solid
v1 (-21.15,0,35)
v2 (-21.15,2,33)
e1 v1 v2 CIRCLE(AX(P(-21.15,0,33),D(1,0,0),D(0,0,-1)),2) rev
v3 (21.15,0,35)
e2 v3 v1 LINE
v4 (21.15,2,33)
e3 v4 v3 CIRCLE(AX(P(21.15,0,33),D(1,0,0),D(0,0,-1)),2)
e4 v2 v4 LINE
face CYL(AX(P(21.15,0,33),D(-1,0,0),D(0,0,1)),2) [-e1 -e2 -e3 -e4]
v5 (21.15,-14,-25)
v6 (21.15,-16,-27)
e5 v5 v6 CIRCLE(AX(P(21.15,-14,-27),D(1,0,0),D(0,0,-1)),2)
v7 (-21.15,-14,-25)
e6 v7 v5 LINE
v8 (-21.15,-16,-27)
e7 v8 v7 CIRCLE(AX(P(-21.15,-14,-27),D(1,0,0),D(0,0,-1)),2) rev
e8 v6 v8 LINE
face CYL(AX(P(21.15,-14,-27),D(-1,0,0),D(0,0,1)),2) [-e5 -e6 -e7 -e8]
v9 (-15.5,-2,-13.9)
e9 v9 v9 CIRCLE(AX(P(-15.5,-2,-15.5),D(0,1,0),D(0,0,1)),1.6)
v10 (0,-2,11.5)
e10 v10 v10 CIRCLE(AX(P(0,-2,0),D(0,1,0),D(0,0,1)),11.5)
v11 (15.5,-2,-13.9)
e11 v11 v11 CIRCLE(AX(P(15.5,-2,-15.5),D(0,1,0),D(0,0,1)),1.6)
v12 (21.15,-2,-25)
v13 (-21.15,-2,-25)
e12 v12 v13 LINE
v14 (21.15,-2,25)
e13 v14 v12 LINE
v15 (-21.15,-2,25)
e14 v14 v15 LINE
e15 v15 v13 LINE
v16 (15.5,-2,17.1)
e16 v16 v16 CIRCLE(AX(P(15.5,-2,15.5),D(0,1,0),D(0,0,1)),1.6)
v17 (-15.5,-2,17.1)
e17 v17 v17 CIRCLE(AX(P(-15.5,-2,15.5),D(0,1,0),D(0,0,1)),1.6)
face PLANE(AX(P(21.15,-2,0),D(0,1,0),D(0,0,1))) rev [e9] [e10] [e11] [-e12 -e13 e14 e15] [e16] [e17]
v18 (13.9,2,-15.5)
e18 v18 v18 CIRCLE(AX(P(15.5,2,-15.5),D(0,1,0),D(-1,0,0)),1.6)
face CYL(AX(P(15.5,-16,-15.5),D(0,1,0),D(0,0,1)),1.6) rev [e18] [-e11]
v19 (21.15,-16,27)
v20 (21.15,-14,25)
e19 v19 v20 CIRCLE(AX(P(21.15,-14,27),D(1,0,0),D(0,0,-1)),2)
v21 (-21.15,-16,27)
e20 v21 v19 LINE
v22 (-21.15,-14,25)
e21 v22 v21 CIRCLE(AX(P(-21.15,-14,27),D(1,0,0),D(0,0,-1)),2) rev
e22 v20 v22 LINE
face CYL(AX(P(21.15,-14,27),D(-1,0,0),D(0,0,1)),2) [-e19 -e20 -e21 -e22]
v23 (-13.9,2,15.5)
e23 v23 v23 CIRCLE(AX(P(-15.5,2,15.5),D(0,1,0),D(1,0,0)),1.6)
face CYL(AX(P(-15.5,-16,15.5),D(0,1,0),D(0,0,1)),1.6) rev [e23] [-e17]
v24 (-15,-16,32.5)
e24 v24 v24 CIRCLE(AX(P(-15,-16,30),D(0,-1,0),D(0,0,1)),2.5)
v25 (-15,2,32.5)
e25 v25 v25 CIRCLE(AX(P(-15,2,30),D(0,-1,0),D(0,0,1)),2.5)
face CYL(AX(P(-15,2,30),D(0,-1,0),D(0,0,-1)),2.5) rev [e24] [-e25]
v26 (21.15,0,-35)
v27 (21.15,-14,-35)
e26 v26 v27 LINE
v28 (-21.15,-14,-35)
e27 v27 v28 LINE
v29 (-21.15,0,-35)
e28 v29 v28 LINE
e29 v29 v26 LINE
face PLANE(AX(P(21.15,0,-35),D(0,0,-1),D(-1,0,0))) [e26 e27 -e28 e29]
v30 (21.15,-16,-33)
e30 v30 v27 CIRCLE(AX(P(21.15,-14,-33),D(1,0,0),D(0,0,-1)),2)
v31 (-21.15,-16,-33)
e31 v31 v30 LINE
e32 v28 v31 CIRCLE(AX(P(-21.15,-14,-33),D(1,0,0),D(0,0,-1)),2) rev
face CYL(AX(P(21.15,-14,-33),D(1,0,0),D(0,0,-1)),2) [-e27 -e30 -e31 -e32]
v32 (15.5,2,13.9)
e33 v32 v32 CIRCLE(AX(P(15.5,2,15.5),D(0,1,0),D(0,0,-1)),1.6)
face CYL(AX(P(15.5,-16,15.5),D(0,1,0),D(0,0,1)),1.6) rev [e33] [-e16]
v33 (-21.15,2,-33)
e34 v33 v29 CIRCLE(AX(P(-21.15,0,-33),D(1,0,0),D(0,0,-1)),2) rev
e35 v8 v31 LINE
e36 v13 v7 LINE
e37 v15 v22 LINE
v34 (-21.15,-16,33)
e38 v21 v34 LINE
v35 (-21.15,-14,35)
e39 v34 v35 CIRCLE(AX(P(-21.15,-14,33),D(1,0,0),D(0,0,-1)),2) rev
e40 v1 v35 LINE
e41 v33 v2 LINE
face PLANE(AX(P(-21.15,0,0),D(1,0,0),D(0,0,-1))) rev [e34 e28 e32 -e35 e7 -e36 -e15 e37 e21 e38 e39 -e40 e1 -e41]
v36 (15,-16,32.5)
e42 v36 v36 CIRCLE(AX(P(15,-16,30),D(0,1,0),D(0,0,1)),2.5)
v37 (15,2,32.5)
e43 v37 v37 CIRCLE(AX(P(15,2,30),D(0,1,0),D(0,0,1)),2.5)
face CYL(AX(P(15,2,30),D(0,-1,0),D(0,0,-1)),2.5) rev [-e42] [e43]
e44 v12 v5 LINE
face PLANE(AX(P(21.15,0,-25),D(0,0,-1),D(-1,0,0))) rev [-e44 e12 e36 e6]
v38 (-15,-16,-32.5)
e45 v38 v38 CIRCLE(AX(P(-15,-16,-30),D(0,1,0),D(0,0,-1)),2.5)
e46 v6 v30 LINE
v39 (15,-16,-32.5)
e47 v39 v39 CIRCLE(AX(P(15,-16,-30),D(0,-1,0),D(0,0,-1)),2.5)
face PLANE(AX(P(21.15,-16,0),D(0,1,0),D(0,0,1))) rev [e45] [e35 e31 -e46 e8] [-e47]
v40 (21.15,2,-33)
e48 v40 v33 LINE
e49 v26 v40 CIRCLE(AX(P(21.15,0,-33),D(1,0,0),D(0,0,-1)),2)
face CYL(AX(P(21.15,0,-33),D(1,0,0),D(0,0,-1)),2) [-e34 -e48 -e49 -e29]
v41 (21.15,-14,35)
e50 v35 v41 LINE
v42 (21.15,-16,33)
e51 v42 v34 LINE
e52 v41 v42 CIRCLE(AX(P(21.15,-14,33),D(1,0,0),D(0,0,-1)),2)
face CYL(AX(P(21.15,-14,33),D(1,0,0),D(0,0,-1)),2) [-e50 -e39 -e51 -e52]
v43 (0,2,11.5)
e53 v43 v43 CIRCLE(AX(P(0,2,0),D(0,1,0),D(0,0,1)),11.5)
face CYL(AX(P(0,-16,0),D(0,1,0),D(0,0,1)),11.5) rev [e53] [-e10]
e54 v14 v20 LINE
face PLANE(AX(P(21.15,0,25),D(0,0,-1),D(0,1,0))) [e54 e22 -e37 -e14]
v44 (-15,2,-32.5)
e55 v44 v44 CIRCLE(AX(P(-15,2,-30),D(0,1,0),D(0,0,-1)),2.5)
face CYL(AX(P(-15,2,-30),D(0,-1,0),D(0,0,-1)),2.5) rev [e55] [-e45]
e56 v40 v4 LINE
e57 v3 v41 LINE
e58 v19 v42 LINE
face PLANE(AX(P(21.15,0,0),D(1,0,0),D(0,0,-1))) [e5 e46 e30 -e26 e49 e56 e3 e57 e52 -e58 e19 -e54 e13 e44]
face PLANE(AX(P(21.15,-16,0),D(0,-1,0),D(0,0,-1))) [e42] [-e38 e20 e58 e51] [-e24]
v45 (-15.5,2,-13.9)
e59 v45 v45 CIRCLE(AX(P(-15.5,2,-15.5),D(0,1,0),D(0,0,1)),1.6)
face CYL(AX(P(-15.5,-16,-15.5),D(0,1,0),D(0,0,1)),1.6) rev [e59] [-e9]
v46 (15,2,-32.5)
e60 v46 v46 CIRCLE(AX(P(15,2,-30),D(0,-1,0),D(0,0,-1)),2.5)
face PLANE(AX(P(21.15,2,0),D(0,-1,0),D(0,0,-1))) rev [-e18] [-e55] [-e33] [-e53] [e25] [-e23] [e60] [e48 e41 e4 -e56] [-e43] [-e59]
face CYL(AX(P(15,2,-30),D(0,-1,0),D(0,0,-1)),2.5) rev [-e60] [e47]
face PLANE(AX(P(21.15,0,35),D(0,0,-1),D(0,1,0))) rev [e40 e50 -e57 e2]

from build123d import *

# Parameters (mm, degrees)
ESBO_O1_W                 = 50
ESBO_O1_H                 = 4
RESSALTO_EXTRUS_O1_DEPTH  = 21.15
ESBO_O3_R                 = 11.5
CORTE_EXTRUS_O1_DEPTH     = 45.680224932
ESBO_O4_R                 = 1.6
CORTE_EXTRUS_O2_DEPTH     = 45.680224932
PADR_OCIRCULAR1_COUNT     = 4
ESBO_O5_R                 = 2.5
CORTE_EXTRUS_O3_DEPTH     = 45.680224932
ESPELHAR2_COPY_1_SKETCH_R = 2.5
ESPELHAR2_COPY_1_DEPTH    = 45.680224932
FILETE1_R                 = 2


with BuildPart() as part:
    # Esboço1 → Ressalto-extrusão1 (new, symmetric)
    with BuildSketch(Plane(origin=(0, 0, 0), x_dir=(0, 0, -1), z_dir=(1, 0, 0))):
        Polygon((-25, -2), (-25, 2), (-35, 2), (-35, -16), (-25, -16), align=None)
        Rectangle(ESBO_O1_W, ESBO_O1_H)
        Polygon((35, 2), (25, 2), (25, -2), (25, -16), (35, -16), align=None)
    extrude(amount=RESSALTO_EXTRUS_O1_DEPTH, both=True)

    # Esboço3 → Corte-extrusão1 (cut, through all)
    with BuildSketch(Plane(origin=(0, 2, 0), x_dir=(1, 0, 0), z_dir=(0, 1, 0))):
        with Locations(Location((0, 0, 0), (0, 0, 270))):
            Circle(ESBO_O3_R)
    extrude(amount=-CORTE_EXTRUS_O1_DEPTH, mode=Mode.SUBTRACT)

    # Esboço4 → Corte-extrusão2 (cut, through all)
    with BuildSketch(Plane(origin=(0, 2, 0), x_dir=(1, 0, 0), z_dir=(0, 1, 0))):
        with Locations(Location((-15.5, 15.5, 0), (0, 0, 270))):
            Circle(ESBO_O4_R)
    corte_extrus_o2 = extrude(amount=-CORTE_EXTRUS_O2_DEPTH, mode=Mode.SUBTRACT)

    # PadrãoCircular1: Corte-extrusão2 ×4 about axis
    padr_ocircular1_axis = Axis((0, 0, 0), (0, 1, 0))
    for i in range(1, PADR_OCIRCULAR1_COUNT):
        add(corte_extrus_o2.rotate(padr_ocircular1_axis, i * 360 / PADR_OCIRCULAR1_COUNT), mode=Mode.SUBTRACT)

    # Esboço5 → Corte-extrusão3 (cut, through all)
    with BuildSketch(Plane.XZ.offset(16)):
        with Locations(Location((15, -30, 0), (0, 0, 270))):
            Circle(ESBO_O5_R)
    corte_extrus_o3 = extrude(amount=-CORTE_EXTRUS_O3_DEPTH, mode=Mode.SUBTRACT)

    # Espelhar1: Corte-extrusão3 across plane
    add(corte_extrus_o3.mirror(Plane(origin=(0, 0, 0), x_dir=(0, 0, 1), z_dir=(1, 0, 0))), mode=Mode.SUBTRACT)

    # Espelhar2: Corte-extrusão3 across plane
    add(corte_extrus_o3.mirror(Plane.XY), mode=Mode.SUBTRACT)

    # Espelhar2 copy 1 sketch → Espelhar2 copy 1 (cut, through all)
    with BuildSketch(Plane(origin=(0, -16, 0), x_dir=(-1, 0, 0), z_dir=(0, -1, 0))):
        with Locations(Location((15, -30, 0), (0, 0, 270))):
            Circle(ESPELHAR2_COPY_1_SKETCH_R)
    extrude(amount=-ESPELHAR2_COPY_1_DEPTH, mode=Mode.SUBTRACT)

    # Filete1
    filete1_edges = [part.edges().sort_by_distance(p)[0] for p in [
        (0, 2, -35),
        (0, -16, -35),
        (0, -16, -25),
        (0, -16, 25),
        (0, -16, 35),
        (0, 2, 35),
    ]]
    fillet(filete1_edges, radius=FILETE1_R)


solid = part.part
